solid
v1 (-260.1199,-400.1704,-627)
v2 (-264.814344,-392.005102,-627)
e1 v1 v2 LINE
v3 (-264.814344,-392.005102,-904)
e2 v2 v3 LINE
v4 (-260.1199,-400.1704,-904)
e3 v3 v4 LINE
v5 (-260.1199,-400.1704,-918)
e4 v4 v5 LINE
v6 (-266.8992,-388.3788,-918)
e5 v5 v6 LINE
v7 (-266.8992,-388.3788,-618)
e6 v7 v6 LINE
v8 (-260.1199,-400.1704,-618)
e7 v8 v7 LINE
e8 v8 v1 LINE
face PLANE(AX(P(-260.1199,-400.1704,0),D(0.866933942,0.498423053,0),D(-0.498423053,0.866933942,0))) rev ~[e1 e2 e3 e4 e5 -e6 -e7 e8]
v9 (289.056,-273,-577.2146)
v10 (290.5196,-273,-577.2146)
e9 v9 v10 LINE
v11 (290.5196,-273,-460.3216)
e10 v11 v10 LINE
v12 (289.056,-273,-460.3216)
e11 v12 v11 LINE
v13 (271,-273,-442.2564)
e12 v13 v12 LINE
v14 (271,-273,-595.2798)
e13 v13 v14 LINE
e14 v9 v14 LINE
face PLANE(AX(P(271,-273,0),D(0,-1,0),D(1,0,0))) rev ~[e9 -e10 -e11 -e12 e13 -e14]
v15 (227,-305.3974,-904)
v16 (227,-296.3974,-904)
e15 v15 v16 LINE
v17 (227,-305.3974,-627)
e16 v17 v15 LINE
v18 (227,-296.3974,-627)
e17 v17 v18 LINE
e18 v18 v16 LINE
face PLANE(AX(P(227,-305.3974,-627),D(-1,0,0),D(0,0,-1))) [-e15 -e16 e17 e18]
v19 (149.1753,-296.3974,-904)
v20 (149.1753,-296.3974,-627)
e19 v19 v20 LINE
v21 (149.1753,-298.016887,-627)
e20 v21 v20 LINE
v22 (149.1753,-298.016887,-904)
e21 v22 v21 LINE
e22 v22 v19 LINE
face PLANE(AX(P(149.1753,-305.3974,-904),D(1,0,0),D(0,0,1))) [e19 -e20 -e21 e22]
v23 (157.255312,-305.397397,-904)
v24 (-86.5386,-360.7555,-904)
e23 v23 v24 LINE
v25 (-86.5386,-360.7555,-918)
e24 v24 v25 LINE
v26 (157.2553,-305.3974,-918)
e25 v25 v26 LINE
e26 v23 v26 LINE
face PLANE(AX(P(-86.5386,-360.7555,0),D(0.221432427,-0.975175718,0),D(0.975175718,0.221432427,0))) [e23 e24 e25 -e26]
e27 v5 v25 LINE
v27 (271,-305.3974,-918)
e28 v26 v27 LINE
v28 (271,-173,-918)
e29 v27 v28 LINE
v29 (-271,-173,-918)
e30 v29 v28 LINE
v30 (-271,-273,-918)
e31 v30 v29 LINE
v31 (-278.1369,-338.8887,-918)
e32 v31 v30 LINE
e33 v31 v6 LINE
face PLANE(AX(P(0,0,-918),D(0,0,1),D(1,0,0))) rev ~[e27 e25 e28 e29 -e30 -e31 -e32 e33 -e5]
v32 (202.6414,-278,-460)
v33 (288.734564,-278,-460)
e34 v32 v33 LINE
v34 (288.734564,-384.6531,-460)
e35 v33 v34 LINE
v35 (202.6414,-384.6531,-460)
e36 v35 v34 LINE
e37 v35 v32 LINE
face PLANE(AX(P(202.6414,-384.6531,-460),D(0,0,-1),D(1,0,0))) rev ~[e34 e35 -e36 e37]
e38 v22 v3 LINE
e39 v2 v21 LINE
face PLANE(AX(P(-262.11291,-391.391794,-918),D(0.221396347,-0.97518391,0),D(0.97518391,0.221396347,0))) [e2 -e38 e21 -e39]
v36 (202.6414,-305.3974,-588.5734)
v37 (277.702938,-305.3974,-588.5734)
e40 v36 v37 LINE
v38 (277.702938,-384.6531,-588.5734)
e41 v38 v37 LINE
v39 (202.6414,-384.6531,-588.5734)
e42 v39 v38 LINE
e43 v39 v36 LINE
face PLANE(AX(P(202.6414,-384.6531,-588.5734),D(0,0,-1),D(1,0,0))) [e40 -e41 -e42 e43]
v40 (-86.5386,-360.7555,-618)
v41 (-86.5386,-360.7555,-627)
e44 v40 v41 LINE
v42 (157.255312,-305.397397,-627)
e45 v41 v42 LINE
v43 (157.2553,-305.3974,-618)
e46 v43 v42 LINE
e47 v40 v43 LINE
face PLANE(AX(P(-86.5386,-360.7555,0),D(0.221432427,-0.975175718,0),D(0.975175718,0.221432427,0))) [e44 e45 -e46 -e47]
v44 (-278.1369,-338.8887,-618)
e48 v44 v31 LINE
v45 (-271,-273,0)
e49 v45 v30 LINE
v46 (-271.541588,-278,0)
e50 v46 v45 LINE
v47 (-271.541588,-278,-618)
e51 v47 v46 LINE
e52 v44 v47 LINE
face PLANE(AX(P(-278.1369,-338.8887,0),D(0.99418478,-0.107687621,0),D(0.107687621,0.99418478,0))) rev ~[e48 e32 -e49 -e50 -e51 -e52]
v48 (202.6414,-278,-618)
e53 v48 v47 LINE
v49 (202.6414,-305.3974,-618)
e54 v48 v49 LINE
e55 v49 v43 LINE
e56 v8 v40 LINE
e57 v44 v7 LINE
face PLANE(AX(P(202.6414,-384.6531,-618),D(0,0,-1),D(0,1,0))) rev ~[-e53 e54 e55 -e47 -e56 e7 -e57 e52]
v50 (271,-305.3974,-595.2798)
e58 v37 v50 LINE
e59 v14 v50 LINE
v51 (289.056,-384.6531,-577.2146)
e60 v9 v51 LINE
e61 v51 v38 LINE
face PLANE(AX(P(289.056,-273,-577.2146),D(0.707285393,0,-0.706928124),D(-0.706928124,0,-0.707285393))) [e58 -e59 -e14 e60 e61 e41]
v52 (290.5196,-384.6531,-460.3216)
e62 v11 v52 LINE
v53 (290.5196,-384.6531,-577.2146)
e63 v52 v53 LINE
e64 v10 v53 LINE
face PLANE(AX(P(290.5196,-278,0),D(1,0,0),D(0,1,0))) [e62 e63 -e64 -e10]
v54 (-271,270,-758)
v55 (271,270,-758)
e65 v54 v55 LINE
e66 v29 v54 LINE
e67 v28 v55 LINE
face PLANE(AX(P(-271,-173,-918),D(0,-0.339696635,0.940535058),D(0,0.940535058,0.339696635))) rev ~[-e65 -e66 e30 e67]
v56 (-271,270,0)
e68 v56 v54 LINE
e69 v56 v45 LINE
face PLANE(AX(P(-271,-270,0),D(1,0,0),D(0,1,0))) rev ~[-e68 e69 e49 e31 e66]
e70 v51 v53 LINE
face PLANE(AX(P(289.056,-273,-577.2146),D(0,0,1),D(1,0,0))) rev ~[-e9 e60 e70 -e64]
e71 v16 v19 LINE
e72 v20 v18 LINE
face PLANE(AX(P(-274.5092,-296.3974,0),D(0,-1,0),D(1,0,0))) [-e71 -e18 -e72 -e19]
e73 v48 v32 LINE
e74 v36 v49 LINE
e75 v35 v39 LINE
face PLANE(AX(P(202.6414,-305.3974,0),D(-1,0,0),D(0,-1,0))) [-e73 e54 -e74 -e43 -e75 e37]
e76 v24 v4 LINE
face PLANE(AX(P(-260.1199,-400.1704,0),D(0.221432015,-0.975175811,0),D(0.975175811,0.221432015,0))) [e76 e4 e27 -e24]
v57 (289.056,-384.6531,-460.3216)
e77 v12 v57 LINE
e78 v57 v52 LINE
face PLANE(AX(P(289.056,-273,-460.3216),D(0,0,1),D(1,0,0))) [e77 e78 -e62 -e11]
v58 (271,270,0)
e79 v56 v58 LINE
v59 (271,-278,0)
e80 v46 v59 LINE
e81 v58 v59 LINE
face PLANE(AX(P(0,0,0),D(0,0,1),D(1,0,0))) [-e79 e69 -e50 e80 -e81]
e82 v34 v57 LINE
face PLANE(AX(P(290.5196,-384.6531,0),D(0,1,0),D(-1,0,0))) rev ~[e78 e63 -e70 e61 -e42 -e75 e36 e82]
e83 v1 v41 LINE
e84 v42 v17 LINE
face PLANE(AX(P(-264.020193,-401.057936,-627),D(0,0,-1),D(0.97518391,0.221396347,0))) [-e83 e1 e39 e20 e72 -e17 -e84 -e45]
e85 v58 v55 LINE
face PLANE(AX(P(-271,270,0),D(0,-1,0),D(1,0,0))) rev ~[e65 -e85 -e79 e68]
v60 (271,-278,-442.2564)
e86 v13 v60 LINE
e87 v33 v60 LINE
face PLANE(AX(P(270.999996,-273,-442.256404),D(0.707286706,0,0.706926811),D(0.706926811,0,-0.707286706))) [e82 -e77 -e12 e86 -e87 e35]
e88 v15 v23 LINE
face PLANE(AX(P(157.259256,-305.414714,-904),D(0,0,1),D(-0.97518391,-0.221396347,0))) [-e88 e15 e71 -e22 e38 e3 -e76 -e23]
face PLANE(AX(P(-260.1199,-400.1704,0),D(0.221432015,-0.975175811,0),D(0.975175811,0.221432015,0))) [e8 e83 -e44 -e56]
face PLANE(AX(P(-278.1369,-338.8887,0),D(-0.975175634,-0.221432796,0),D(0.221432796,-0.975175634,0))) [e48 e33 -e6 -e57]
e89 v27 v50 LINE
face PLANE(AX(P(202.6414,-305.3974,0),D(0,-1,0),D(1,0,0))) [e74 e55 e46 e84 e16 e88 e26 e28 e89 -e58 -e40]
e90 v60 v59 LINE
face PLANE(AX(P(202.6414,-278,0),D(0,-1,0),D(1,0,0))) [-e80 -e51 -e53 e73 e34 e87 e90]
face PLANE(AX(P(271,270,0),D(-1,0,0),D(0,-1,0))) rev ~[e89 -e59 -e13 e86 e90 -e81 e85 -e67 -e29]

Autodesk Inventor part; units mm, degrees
ref_plane "YZ Plane" through (0, 0, 0) normal (1, 0, 0) x (0, 1, 0)
ref_plane "XZ Plane" through (0, 0, 0) normal (0, 1, 0) x (-1, 0, 0)
ref_plane "Work Plane1" through (0, 0, 0) normal (0, 0, 1) x (1, 0, 0)
sketch "Sketch1" plane through (0, 0, 0) normal (0, 0, 1) x (1, 0, 0)
  line L0 (271, 270) -> (271, -270) projected
  line L1 (-271, 270) -> (271, 270) projected
  line L2 (271, -273) -> (271, -270) projected
  line L3 (262.1457, -273) -> (289.056, -273) projected
  line L4 (290.5196, -278) -> (290.5196, -273) projected
  arc A0 (221.5544, -380.4278) -> (259.4491, -380.4278) centre (240.5018, -345.2) ccw
  line L5 (-86.5386, -360.7555) -> (157.2553, -305.3974) projected
  line L6 (-260.1199, -400.1704) -> (-86.5386, -360.7555) projected
  line L7 (-265.6803, -388.102) -> (-276.918, -338.6119) projected
  line L8 (-271, -270) -> (-271, 270) projected
  line L9 (-278.1369, -338.8887) -> (-266.8992, -388.3788) projected
  line L10 (-260.1199, -400.1704) -> (-266.8992, -388.3788)
  line L11 (-266.8992, -388.3788) -> (-278.1369, -338.8887)
  line L12 (-278.1369, -338.8887) -> (-271, -273)
  line L13 (-271, -273) -> (-271, 270)
  line L14 (-271, 270) -> (271, 270)
  line L15 (271, 270) -> (271, -273)
  line L16 (271, -273) -> (290.5196, -273)
  line L17 (290.5196, -273) -> (290.5196, -303.7097)
  line L18 (290.5196, -303.7097) -> (290.5196, -384.6531)
  line L19 (205.5016, -303.2) -> (205.4838, -303.7097) projected
  line L20 (290.5196, -384.6531) -> (202.6414, -384.6531)
  line L21 (202.6414, -305.3974) -> (202.6414, -384.6531)
  line L22 (202.6414, -305.3974) -> (157.2553, -305.3974)
  line L23 (157.2553, -305.3974) -> (-260.1199, -400.1704)
  point P0 (0, 0)
ref_plane "Work Plane2" through (-266.75, -268.75, -918) normal (0, 0, -1) x (0, 1, 0)
extrude "Extrusion1" add sketch "Sketch1" against normal up to surface (918 mm away) contours L0 L2 L3 L16 L4 L17 L18 L20 L21 L22 L5 L6 L10 L9 L12 L13 L8 L1
sketch "Sketch2" plane through (202.6414, -384.6531, 0) normal (-1, 0, 0) x (0, 0, 1)
  line L0 (0, 0) -> (0, 111.6531) projected
  line L1 (0, 79.2557) -> (-918, 79.2557) projected
  line L2 (0, 0) -> (-618, 0)
  line L3 (-618, 0) -> (-618, 79.2557)
  line L4 (-618, 79.2557) -> (0, 79.2557)
  line L5 (0, 79.2557) -> (0, 0)
  line L6 (-623, -15.5173) -> (-623, 23.8976) projected
  line L7 (-918, 79.2557) -> (-918, 0) projected
  line L8 (0, 79.2557) -> (0, 0) projected
  line L9 (0, 0) -> (-618, 0)
  line L10 (-618, 0) -> (-618, -151.7168)
  line L11 (-618, -151.7168) -> (0, -151.7168)
  line L12 (0, -151.7168) -> (0, 0)
  line L13 (0, 111.6531) -> (-918, 111.6531) projected
  line L14 (0, 79.2557) -> (-618, 79.2557)
  line L15 (-618, 79.2557) -> (-618, 106.6531)
  line L16 (-618, 106.6531) -> (0, 106.6531)
  line L17 (0, 106.6531) -> (0, 79.2557)
  point P0 (0, 384.6531)
  point P1 (-618, 0)
  point P2 (0, 106.6531)
  dimension "d2" = 300
  dimension "d5" = 300
  dimension "d18" = 5
extrude "Extrusion2" cut sketch "Sketch2" along normal through all
sketch "Sketch3" plane through (202.6414, -384.6531, 0) normal (0, -1, 0) x (1, 0, 0)
  line L0 (0, -618) -> (0, -918) projected
  line L1 (87.8782, 0) -> (0, 0)
  line L2 (0, 0) -> (0, -460)
  line L3 (0, -460) -> (87.8782, -460)
  line L4 (87.8782, -460) -> (87.8782, 0)
  line L5 (0, -918) -> (87.8782, -918) projected
  line L6 (0, 0) -> (0, -918) projected
  line L7 (87.8782, -918) -> (0, -918)
  line L8 (0, -918) -> (0, -588.5734)
  line L9 (0, -588.5734) -> (87.8782, -588.5734)
  line L10 (87.8782, -588.5734) -> (87.8782, -918)
  point P0 (-202.6414, 0)
  dimension "d8" = 460
extrude "Extrusion3" cut sketch "Sketch3" against normal up to surface (106.6531 mm away) contours L2 L1 L4 L3
sketch "Sketch4" plane through (271, -273, 0) normal (0, 1, 0) x (1, 0, 0)
  line L0 (19.5196, 0) -> (19.5196, 918) projected
  line L1 (-8.8543, 433.3976) -> (18.056, 460.3216) projected
  line L2 (0, 0) -> (0, 918) projected
  line L3 (19.5196, 0) -> (0, 0) projected
  line L4 (18.056, 577.2146) -> (-8.8543, 604.1385) projected
  line L5 (19.5196, 918) -> (0, 918) projected
  line L6 (19.5196, 918) -> (19.5196, 577.2146)
  line L7 (19.5196, 460) -> (19.5196, 918) projected
  line L8 (18.056, 577.2146) -> (19.5196, 577.2146)
  line L9 (18.056, 577.2146) -> (0, 595.2798)
  line L10 (0, 0) -> (0, 918) projected
  line L11 (0, 595.2798) -> (0, 918)
  line L12 (0, 918) -> (19.5196, 918)
  line L13 (18.056, 460.3216) -> (19.5196, 460.3216)
  line L14 (19.5196, 460.3216) -> (19.5196, 0)
  line L15 (19.5196, 0) -> (0, 0)
  line L16 (0, 0) -> (0, 442.2564)
  line L17 (0, 442.2564) -> (18.056, 460.3216)
  point P0 (-271, 0)
  point P1 (19.5196, 588.5734)
  point P2 (19.5196, 577.2146)
  point P3 (0, 595.2798)
extrude "Extrusion4" cut sketch "Sketch4" against normal up to surface (111.6531 mm away) contours L3 L2 L1 L13 L0 | L8 L4 L2 L5 L0
sketch "Sketch5" plane through (-260.1199, -400.1704, -918) normal (0.2214, -0.9752, 0) x (0.9752, 0.2214, 0)
  line L0 (-4, 291) -> (428, 291)
  line L1 (428, 291) -> (428, 14)
  line L2 (428, 14) -> (-4, 14)
  line L3 (-4, 14) -> (-4, 291)
  line L4 (0, 292) -> (178, 292) projected
  line L5 (250, 13) -> (0, 13) projected
  line L6 (-4, 300) -> (-4, 0) projected
  line L7 (428, 300) -> (428, 0) projected
  point P0 (342.2733, 918)
  dimension "d11" = 1
  dimension "d12" = 1
extrude "Extrusion5" cut sketch "Sketch5" against normal blind 9
sketch "Sketch6" plane through (-274.5092, -305.3974, 0) normal (0, -1, 0) x (1, 0, 0)
  line L0 (14.3893, -627) -> (431.7645, -627) projected
  line L1 (423.6845, -627) -> (501.5092, -627)
  line L2 (501.5092, -627) -> (501.5092, -904)
  line L3 (501.5092, -904) -> (423.6845, -904)
  line L4 (423.6845, -904) -> (423.6845, -627)
  line L5 (502.5092, -657) -> (502.5092, -620) projected
  line L6 (502.5092, -911) -> (502.5092, -874) projected
  point P0 (274.5092, 0)
  dimension "d15" = 1
extrude "Extrusion6" cut sketch "Sketch6" against normal blind 9
extrude "Extrusion7" cut sketch "Sketch3" against normal up to surface (79.2557 mm away) contours L6 L9 L10 L5 L0
sketch "Sketch7" plane through (-271, -273, 0) normal (-1, 0, 0) x (0, 0, 1)
  line L0 (-918, 543) -> (-918, 0) projected
  line L1 (-918, 100) -> (-758, 543)
  line L2 (0, 543) -> (-918, 543) projected
  line L3 (-918, 543) -> (-758, 543)
  line L4 (-918, 543) -> (-918, 100)
  point P0 (0, 273)
  dimension "d21" = 100
  dimension "d22" = 160
extrude "Extrusion8" cut sketch "Sketch7" against normal through all
equation "\"d5\" = d2"
equation "\"d12\" = d11"
properties part number "body_collisio"
